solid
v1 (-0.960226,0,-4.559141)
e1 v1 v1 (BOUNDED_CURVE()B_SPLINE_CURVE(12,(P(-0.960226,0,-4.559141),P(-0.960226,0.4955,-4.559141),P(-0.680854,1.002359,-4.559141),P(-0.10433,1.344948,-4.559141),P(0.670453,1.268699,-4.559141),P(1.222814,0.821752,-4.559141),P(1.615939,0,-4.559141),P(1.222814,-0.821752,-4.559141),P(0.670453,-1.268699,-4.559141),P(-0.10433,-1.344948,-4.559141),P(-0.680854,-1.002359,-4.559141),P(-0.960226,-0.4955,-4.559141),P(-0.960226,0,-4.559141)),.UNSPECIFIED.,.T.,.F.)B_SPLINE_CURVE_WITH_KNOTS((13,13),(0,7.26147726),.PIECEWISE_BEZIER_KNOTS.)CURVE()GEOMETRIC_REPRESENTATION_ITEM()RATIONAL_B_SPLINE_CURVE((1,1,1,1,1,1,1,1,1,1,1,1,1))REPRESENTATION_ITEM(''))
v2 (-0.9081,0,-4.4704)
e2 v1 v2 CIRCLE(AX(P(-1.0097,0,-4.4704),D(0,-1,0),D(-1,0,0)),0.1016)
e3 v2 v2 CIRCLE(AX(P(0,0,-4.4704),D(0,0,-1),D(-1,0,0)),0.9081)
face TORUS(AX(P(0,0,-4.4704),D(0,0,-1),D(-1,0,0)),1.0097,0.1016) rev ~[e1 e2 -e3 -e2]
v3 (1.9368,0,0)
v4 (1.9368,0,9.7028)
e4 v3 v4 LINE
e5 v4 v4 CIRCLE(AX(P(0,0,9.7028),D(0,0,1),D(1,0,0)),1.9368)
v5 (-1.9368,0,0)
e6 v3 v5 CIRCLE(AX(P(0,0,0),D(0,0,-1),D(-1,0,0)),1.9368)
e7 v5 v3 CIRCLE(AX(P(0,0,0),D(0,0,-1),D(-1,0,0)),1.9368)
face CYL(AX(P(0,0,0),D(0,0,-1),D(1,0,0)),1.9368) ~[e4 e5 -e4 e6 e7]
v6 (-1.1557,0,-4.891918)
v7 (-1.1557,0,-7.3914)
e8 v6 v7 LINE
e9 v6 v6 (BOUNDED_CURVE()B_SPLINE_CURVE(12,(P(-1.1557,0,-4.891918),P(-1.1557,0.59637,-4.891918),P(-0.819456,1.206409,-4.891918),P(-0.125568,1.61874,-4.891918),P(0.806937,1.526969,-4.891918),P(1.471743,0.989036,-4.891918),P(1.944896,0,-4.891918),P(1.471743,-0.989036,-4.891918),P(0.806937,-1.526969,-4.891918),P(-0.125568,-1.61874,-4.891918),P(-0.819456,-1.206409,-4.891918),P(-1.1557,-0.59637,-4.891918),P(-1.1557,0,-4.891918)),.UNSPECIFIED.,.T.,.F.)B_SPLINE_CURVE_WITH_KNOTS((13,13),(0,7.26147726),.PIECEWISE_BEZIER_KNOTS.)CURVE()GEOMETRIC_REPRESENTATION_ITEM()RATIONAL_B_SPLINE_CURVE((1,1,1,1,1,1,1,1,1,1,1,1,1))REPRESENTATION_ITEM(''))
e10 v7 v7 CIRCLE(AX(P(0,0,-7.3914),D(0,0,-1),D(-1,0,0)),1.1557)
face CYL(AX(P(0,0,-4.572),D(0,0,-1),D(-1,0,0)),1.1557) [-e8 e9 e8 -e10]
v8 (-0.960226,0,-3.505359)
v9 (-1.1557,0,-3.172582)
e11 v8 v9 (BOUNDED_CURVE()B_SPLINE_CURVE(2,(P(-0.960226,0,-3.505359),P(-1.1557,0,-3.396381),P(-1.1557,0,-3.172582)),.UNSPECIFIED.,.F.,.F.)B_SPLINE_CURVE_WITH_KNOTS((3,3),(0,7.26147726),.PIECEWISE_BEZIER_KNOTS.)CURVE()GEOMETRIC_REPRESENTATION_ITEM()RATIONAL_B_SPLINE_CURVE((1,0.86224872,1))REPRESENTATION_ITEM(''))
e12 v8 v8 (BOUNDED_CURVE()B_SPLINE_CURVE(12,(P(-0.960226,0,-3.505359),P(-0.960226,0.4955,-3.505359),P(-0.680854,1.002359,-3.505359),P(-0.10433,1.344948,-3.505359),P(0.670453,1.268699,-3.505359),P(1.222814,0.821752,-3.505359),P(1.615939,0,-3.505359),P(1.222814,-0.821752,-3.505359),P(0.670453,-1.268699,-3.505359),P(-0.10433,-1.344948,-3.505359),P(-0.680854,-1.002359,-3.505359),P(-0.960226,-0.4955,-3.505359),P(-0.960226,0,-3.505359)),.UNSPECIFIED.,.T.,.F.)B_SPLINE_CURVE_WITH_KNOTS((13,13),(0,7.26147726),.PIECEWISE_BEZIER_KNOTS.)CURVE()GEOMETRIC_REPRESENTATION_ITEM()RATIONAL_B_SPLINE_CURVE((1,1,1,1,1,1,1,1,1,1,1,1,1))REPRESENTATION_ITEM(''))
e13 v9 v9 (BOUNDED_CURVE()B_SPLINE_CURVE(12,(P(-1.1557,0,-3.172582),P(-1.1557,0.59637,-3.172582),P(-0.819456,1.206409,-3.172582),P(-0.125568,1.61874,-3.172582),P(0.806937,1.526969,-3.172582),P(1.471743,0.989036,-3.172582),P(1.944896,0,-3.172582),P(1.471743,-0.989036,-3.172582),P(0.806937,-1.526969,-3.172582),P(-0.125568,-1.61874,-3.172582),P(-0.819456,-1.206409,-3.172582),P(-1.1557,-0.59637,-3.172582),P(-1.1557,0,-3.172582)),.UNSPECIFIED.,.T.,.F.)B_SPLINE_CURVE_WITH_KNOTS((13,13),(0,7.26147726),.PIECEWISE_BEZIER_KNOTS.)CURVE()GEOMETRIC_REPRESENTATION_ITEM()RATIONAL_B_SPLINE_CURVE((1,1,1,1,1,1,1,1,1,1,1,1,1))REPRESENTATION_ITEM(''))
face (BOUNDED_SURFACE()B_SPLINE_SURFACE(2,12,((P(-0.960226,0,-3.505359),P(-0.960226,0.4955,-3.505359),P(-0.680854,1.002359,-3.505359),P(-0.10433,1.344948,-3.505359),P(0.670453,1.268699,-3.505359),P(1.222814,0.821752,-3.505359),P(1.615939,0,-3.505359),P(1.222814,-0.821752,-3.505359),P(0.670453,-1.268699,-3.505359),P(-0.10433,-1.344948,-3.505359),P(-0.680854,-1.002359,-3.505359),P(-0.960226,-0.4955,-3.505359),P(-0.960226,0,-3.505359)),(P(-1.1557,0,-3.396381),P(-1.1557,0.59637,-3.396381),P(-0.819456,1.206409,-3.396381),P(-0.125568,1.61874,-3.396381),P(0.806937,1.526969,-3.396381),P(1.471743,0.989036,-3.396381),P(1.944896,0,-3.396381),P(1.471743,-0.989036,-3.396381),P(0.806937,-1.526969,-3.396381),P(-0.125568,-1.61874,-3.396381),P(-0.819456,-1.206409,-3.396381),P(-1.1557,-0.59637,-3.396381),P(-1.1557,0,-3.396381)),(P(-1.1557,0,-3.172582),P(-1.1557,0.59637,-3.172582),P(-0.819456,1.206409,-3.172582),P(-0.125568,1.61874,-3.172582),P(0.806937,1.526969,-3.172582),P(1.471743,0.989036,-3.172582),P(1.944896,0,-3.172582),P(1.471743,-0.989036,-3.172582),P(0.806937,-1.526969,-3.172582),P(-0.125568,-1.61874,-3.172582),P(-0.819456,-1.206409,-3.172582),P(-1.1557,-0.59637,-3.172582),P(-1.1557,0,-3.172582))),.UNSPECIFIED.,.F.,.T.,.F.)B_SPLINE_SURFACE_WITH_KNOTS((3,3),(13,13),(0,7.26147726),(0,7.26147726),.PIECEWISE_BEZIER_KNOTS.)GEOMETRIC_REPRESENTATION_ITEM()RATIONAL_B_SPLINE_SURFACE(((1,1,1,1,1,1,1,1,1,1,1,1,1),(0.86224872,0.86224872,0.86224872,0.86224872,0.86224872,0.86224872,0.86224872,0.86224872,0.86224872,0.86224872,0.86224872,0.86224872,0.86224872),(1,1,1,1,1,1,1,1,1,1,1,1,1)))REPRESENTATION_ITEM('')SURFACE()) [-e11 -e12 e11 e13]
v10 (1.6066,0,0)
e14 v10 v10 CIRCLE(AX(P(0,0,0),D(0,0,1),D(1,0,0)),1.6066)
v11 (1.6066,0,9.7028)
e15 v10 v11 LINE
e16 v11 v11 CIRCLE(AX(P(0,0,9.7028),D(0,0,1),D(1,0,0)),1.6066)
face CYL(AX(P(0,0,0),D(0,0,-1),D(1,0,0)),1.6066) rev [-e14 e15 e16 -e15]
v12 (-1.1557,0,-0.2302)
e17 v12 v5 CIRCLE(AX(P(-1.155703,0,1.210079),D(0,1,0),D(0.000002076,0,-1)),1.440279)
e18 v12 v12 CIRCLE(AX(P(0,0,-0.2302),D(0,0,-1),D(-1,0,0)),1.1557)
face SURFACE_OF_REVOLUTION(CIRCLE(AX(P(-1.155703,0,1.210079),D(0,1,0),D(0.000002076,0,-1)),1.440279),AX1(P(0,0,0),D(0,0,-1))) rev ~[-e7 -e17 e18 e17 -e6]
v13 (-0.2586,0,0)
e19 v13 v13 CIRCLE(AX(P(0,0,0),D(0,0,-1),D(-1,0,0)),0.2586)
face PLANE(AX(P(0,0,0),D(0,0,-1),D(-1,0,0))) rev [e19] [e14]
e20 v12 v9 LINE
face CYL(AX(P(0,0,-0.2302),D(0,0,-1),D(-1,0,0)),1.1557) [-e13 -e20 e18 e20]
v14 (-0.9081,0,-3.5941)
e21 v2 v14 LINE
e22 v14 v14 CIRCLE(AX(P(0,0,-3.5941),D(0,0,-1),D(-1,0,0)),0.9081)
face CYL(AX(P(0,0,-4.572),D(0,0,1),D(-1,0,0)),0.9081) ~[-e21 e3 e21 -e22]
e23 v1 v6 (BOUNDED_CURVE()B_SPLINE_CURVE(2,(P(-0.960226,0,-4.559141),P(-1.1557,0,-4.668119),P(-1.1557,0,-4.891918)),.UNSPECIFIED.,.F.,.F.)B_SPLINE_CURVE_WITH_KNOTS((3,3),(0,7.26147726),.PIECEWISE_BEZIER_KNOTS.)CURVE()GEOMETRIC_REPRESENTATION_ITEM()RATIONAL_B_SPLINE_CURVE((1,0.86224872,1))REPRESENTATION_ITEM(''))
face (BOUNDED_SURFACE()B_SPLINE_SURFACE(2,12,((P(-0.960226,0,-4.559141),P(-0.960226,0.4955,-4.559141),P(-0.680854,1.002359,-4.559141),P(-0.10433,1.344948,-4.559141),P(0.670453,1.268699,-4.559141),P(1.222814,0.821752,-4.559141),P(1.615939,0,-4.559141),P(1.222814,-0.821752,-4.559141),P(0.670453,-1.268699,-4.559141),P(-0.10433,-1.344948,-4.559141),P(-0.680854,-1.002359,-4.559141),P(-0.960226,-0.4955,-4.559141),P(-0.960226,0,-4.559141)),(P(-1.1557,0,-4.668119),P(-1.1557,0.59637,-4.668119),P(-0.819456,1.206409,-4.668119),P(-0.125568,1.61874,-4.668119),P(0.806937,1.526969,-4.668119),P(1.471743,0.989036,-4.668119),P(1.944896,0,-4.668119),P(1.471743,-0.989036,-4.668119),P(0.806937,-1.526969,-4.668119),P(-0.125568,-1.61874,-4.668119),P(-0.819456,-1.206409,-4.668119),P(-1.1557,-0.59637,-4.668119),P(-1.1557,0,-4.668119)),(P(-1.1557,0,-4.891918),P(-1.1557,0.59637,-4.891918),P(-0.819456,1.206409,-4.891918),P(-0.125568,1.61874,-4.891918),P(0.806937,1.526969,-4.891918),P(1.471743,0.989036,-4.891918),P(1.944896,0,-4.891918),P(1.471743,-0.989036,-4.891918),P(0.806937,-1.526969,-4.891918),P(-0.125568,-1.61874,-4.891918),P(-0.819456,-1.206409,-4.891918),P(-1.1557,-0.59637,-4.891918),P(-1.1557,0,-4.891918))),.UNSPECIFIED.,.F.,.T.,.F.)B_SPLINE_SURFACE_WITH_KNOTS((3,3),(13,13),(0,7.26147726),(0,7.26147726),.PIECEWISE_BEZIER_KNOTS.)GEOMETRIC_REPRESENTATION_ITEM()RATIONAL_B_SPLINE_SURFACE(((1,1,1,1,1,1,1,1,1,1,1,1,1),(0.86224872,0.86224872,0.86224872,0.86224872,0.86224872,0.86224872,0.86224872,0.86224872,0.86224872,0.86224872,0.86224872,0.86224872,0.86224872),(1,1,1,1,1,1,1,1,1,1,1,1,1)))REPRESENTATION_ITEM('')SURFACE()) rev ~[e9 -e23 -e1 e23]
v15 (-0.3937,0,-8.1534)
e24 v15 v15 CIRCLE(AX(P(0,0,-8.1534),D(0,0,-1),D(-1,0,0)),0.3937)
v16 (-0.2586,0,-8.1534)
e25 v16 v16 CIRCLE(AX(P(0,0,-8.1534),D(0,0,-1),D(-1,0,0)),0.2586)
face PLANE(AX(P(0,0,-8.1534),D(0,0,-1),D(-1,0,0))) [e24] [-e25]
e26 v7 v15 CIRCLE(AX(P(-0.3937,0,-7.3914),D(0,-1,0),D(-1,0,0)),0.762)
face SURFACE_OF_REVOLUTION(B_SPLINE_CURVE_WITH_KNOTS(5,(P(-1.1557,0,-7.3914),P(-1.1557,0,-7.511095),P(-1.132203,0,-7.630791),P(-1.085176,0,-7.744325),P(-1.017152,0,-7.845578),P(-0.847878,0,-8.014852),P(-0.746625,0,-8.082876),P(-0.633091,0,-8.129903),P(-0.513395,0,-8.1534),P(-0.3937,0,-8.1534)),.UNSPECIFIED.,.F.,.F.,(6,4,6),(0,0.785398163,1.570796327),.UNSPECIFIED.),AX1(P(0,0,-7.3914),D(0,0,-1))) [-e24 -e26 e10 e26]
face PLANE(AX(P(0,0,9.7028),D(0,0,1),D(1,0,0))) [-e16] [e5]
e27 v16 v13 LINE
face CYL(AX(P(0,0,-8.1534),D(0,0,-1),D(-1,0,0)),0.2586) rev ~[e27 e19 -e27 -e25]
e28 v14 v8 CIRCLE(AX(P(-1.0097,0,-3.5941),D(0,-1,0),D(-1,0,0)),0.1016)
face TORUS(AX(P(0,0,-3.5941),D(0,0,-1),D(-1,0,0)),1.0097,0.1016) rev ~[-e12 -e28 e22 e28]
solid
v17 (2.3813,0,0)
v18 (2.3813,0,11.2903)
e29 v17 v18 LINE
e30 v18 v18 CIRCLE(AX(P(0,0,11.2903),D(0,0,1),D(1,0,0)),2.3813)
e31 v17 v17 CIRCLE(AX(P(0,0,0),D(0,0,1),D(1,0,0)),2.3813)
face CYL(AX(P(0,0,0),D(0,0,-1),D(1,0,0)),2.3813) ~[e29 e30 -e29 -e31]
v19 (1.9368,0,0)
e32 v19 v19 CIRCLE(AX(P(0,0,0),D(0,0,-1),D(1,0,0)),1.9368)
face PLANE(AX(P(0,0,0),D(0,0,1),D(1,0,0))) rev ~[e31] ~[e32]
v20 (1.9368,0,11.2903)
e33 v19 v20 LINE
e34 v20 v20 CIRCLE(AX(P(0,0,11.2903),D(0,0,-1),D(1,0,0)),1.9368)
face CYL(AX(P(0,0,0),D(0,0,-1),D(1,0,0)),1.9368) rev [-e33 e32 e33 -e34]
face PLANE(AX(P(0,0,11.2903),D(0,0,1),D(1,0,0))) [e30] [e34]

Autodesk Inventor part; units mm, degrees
ref_plane "YZ Plane" through (0, 0, 0) normal (1, 0, 0) x (0, 1, 0)
ref_plane "XZ Plane" through (0, 0, 0) normal (0, 1, 0) x (-1, 0, 0)
ref_plane "XY Plane" through (0, 0, 0) normal (0, 0, 1) x (1, 0, 0)
sketch "Sketch1" plane through (0, 0, 0) normal (0, 0, 1) x (1, 0, 0)
  circle A0 centre (0, 0) radius 2.3813
  dimension "d0" = 4.7625
extrude "Extrusion1" add sketch "Sketch1" along normal blind 11.2903
shell "Shell1" thickness 0.4445 removed faces 2 at (-0.7707, 0.19, 0) at (-0.7707, 0.19, 11.2903)
sketch "Sketch2" plane through (0, 0, 0) normal (0, 1, 0) x (-1, 0, 0)
  line L0 (2.3813, 11.2903) -> (2.3813, 0) projected
  line L1 (2.3813, 0) -> (1.9368, 0) projected
  line L2 (1.9368, 0) -> (1.9368, 11.2903) projected
  line L3 (1.9368, 11.2903) -> (2.3813, 11.2903) projected
  line L4 (-2.3813, 0) -> (-2.3813, 11.2903) projected
  line L5 (-2.3813, 11.2903) -> (-1.9368, 11.2903) projected
  line L6 (-1.9368, 11.2903) -> (-1.9368, 0) projected
  line L7 (-1.9368, 0) -> (-2.3813, 0) projected
  line L8 (1.9368, 0) -> (0, 0) construction
  line L9 (0, 0) -> (0, -8.1534) construction
  line L10 (1.1557, -8.1534) -> (0, -8.1534)
  line L11 (-1.1557, -8.1534) -> (-1.1557, 0) construction
  line L12 (-1.1557, 0) -> (0, 0) construction
  line L13 (-1.1557, -4.572) -> (-1.1557, -3.4925) construction
  line L14 (0.9081, -4.572) -> (0.9081, -3.4925)
  line L15 (-0.908, -4.572) -> (-0.908, -3.4925) construction
  line L16 (1.1557, -0.2302) -> (1.1557, -3.4925)
  line L17 (1.1557, -4.572) -> (1.1557, -8.1534)
  line L18 (1.1557, -4.572) -> (0.9081, -4.572)
  line L19 (0, -4.572) -> (-1.1557, -4.572) construction
  line L20 (-1.1557, -3.4925) -> (0, -3.4925) construction
  line L21 (0.9081, -3.4925) -> (1.1557, -3.4925)
  line L22 (0, -8.1534) -> (-1.1557, -8.1534) construction
  line L23 (0, 0) -> (-1.9368, 0) construction
  line L24 (0, -8.1534) -> (0, 0)
  line L25 (0, 0) -> (1.1557, 0)
  line L26 (1.1557, 0) -> (1.9368, 0)
  arc A0 (1.1557, -0.2302) -> (1.9368, 0) centre (1.1557, 1.2101) ccw
  line L27 (1.1557, -0.2302) -> (0, -0.2302) construction
  dimension "d4" = 8.1534
  dimension "d8" = 1.8161
  dimension "d13" = 1.1557
revolve "Revolution1" add sketch "Sketch2" angle 360 about axis through (0, 0, 0) along (0, 0, -1) separate body contours A0 L16 L21 L14 L18 L17 L10 L24 L25 L26
fillet "Fillet1" radius 0.762 1 edges at (1.1557, 0, -8.1534)
sketch "Sketch3" plane through (0, 0, -8.1534) normal (0, 0, -1) x (-1, 0, 0)
  circle A0 centre (0, 0) radius 0.3937 projected
  circle A1 centre (0, 0) radius 0.3937 projected
  circle A2 centre (0, 0) radius 0.2586
extrude "Extrusion2" cut sketch "Sketch3" against normal blind 11.2903 contours A2 bodies 1 2
fillet "Fillet2" radius 0.1016 2 edges at (0.908, 0, -4.572) (0.908, 0, -3.4925)
fillet "Fillet3" radius 0.381 2 edges at (1.1557, 0, -3.4925) (1.1557, 0, -4.572)
sketch "Sketch5" plane through (0, 0, 0) normal (0, 0, 1) x (1, 0, 0)
  circle A0 centre (0, 0) radius 0.2586 projected
  circle A1 centre (0, 0) radius 1.9368 projected
  circle A2 centre (0, 0) radius 1.6066
  dimension "d17" = 0.3302
extrude "Extrusion3" add sketch "Sketch5" along normal blind 9.7028 contours A1 bodies 2
properties part number "point 091 male pin red"
